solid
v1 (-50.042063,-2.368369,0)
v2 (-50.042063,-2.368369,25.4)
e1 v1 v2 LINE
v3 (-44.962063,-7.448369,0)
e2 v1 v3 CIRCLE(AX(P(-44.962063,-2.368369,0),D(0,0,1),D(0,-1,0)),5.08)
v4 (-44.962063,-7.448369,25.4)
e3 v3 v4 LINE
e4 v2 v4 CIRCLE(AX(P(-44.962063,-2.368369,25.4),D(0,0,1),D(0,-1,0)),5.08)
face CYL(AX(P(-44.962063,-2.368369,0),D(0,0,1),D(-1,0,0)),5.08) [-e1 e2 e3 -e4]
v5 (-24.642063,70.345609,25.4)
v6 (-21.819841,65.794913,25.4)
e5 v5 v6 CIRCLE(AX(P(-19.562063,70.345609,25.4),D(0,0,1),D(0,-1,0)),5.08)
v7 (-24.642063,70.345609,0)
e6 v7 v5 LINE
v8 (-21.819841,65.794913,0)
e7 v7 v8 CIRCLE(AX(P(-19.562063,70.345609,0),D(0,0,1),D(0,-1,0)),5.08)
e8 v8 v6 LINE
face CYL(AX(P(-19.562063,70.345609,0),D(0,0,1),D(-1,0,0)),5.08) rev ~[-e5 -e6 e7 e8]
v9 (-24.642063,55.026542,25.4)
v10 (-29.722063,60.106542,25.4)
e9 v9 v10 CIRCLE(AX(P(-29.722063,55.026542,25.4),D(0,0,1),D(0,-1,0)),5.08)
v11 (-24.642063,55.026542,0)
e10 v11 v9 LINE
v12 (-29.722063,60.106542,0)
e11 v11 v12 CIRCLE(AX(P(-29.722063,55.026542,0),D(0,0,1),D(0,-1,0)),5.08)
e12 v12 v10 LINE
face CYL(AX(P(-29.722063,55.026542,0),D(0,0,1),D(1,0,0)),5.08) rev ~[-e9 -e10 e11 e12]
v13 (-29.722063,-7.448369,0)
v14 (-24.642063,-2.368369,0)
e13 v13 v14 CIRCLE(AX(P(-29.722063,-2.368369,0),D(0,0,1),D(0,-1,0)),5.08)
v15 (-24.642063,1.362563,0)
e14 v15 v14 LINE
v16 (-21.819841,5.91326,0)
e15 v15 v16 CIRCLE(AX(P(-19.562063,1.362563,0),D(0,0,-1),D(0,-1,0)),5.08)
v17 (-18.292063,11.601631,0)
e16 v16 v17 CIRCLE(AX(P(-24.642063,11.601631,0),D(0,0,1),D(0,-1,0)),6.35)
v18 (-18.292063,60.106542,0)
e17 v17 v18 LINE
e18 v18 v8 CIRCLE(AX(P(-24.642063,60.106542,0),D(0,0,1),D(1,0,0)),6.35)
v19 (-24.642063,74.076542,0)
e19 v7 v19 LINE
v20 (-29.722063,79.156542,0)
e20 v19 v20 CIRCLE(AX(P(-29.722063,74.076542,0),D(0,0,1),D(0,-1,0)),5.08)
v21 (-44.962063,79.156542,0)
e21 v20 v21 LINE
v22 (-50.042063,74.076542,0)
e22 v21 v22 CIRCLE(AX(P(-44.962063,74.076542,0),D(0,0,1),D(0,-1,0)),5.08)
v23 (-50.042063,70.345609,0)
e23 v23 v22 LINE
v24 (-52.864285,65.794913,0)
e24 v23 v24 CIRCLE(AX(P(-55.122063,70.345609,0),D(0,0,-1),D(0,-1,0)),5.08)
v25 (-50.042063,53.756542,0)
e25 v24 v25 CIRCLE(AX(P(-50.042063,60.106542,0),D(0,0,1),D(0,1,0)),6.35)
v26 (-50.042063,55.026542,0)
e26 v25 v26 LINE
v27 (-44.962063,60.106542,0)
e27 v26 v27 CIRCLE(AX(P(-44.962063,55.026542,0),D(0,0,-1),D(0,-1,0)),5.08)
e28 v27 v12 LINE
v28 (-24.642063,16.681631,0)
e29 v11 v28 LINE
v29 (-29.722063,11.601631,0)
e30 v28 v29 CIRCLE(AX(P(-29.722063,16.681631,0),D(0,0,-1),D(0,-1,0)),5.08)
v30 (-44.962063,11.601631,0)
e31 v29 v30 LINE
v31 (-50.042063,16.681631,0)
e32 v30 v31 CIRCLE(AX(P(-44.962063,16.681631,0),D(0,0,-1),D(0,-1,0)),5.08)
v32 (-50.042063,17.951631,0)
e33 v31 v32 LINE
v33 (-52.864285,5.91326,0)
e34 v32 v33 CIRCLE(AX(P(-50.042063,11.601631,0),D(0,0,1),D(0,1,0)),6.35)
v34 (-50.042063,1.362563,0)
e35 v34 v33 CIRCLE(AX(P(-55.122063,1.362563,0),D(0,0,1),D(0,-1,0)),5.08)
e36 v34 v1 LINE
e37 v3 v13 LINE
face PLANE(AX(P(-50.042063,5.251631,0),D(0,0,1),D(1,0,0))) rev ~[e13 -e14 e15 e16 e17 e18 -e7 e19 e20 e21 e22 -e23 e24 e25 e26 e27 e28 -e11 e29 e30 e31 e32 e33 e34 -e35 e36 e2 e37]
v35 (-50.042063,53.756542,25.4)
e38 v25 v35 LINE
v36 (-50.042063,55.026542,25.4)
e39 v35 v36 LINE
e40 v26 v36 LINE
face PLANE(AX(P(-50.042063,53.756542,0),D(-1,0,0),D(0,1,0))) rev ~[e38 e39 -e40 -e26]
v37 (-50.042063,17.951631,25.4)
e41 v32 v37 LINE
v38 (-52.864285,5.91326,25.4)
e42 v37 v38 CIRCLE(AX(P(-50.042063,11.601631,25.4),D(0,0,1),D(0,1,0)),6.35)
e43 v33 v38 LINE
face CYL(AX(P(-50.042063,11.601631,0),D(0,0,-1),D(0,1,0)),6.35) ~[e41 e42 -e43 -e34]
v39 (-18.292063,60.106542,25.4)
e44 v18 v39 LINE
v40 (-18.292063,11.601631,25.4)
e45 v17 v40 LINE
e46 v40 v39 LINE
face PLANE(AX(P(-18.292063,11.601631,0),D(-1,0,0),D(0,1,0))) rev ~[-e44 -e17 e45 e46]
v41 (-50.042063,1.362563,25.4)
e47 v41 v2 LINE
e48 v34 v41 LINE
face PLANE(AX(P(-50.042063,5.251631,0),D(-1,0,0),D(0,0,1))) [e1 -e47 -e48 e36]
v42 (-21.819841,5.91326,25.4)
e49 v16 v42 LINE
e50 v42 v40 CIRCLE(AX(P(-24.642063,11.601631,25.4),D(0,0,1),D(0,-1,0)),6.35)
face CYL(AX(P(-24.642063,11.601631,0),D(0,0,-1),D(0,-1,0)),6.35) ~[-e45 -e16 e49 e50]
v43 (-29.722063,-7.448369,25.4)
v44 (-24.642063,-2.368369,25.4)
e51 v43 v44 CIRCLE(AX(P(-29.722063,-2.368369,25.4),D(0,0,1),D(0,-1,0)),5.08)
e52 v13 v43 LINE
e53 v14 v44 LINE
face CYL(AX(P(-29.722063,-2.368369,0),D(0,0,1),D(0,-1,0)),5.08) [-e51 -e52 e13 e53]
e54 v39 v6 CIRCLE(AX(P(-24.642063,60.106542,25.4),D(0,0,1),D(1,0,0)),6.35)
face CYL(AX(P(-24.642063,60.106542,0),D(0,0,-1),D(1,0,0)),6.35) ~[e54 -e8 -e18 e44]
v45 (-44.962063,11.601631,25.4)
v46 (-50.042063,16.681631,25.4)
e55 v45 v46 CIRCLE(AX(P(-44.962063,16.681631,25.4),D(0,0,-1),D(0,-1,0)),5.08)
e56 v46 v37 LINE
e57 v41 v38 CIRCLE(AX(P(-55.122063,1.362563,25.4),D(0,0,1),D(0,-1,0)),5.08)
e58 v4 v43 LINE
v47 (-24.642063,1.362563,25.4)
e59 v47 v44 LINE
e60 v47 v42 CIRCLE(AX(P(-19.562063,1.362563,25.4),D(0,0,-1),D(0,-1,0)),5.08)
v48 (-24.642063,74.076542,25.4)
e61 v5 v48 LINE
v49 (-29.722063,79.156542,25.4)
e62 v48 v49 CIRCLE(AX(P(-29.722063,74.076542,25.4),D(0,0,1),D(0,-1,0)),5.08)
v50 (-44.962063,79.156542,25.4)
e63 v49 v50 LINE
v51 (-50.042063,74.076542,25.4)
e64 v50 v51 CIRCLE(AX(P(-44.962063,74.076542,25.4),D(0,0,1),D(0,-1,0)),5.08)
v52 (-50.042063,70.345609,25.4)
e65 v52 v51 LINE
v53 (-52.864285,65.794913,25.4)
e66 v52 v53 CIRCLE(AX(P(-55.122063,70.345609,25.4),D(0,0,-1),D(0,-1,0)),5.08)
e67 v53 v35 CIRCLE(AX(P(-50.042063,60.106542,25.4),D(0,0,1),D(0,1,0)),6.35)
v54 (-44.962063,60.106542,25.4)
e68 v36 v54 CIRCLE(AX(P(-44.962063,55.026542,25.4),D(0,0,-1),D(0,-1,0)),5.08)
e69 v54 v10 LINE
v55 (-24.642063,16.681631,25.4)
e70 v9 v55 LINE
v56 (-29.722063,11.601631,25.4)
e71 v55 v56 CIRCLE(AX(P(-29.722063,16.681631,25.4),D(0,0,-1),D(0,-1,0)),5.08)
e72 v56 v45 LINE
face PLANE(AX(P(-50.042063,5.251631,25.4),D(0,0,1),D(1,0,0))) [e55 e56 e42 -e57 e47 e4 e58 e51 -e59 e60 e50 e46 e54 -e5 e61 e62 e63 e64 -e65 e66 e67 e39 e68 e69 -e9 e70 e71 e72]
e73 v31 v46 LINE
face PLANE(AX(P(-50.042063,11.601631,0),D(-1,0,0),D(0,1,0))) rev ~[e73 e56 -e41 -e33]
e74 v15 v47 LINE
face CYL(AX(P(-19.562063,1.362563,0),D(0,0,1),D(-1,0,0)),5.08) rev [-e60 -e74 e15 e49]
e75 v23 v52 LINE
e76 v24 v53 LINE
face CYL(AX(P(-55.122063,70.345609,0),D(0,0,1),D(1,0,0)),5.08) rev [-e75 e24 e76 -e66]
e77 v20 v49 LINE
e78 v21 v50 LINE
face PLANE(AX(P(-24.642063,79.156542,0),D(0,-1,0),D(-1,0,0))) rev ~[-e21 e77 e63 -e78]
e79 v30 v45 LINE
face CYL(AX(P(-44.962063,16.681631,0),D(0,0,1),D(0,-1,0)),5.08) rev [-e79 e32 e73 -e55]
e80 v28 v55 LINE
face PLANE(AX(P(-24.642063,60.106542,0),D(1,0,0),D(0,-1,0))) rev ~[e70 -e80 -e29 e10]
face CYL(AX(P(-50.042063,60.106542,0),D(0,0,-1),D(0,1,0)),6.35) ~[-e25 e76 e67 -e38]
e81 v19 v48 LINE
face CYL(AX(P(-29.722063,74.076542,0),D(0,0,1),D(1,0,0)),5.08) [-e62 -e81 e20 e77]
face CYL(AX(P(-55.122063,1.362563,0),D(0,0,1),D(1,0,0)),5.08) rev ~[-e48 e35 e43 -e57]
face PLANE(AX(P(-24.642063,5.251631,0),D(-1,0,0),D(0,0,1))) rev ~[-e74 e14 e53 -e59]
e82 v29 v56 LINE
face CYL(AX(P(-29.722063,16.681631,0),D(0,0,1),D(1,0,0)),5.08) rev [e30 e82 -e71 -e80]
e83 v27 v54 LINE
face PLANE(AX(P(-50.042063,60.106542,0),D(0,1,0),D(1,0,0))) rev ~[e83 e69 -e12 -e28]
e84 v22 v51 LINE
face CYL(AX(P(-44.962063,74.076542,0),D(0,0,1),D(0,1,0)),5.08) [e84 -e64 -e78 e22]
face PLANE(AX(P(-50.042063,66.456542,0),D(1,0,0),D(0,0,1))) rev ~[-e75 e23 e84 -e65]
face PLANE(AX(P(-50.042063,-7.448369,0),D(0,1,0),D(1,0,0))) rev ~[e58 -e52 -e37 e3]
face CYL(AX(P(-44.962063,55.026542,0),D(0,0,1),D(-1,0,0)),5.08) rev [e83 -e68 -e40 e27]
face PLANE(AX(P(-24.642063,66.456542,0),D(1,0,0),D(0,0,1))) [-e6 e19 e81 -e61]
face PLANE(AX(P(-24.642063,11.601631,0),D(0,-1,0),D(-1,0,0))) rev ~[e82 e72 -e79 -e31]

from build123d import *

# Parameters (mm, degrees)
F1_DEPTH = 25.4
F2_R     = 5.08
F3_DEPTH = 12.7
F4_DEPTH = 12.7
F5_R     = 5.08


with BuildPart() as f1:
    # F0 (on Top) → F1 (new body)
    with BuildSketch(Plane.XY):
        with BuildLine():
            Line((-24.6420629978, 11.6016305983), (-30.9920629978, 11.6016305983))
            ThreePointArc((-30.9920629978, 11.6016305983), (-29.1321910584, 7.1115025378), (-24.6420629978, 5.2516305983))
            ThreePointArc((-24.6420629978, 5.2516305983), (-20.1519349373, 7.1115025378), (-18.2920629978, 11.6016305983))
            Line((-18.2920629978, 11.6016305983), (-18.2920629978, 60.1065419614))
            ThreePointArc((-18.2920629978, 60.1065419614), (-20.1519349373, 64.596670022), (-24.6420629978, 66.4565419614))
            Line((-24.6420629978, 66.4565419614), (-50.0420629978, 66.4565419614))
            ThreePointArc((-50.0420629978, 66.4565419614), (-56.3920629978, 60.1065419614), (-50.0420629978, 53.7565419614))
            Line((-50.0420629978, 53.7565419614), (-50.0420629978, 60.1065419614))
            Line((-50.0420629978, 60.1065419614), (-24.6420629978, 60.1065419614))
            Line((-24.6420629978, 60.1065419614), (-24.6420629978, 11.6016305983))
        make_face()
        with BuildLine():
            Line((-30.9920629978, 11.6016305983), (-50.0420629978, 11.6016305983))
            Line((-50.0420629978, 11.6016305983), (-50.0420629978, 17.9516305983))
            ThreePointArc((-50.0420629978, 17.9516305983), (-56.3920629978, 11.6016305983), (-50.0420629978, 5.2516305983))
            Line((-50.0420629978, 5.2516305983), (-24.6420629978, 5.2516305983))
            ThreePointArc((-24.6420629978, 5.2516305983), (-29.1321910584, 7.1115025378), (-30.9920629978, 11.6016305983))
        make_face()
    extrude(amount=F1_DEPTH)

    # F2
    f2_edges = [f1.edges().sort_by_distance(p)[0] for p in [
        (-24.642063, 11.601631, 12.7),
        (-24.642063, 60.106542, 12.7),
        (-50.042063, 60.106542, 12.7),
        (-50.042063, 11.601631, 12.7),
    ]]
    fillet(f2_edges, radius=F2_R)

    # F3 (add): a face of the model
    f3_faces = [f1.faces().sort_by_distance(p)[0] for p in [
        (-37.3420629978, 66.4565419614, 12.7),
    ]]
    extrude(f3_faces, amount=F3_DEPTH)

    # F4 (add): a face of the model
    f4_faces = [f1.faces().sort_by_distance(p)[0] for p in [
        (-37.3420629978, 5.2516305983, 12.7),
    ]]
    extrude(f4_faces, amount=F4_DEPTH)

    # F5
    f5_edges = [f1.edges().sort_by_distance(p)[0] for p in [
        (-50.042063, 79.156542, 12.7),
        (-50.042063, -7.448369, 12.7),
        (-50.042063, 5.251631, 12.7),
        (-50.042063, 66.456542, 12.7),
        (-24.642063, 66.456542, 12.7),
        (-24.642063, 79.156542, 12.7),
        (-24.642063, -7.448369, 12.7),
        (-24.642063, 5.251631, 12.7),
    ]]
    fillet(f5_edges, radius=F5_R)


solid = f1.part
